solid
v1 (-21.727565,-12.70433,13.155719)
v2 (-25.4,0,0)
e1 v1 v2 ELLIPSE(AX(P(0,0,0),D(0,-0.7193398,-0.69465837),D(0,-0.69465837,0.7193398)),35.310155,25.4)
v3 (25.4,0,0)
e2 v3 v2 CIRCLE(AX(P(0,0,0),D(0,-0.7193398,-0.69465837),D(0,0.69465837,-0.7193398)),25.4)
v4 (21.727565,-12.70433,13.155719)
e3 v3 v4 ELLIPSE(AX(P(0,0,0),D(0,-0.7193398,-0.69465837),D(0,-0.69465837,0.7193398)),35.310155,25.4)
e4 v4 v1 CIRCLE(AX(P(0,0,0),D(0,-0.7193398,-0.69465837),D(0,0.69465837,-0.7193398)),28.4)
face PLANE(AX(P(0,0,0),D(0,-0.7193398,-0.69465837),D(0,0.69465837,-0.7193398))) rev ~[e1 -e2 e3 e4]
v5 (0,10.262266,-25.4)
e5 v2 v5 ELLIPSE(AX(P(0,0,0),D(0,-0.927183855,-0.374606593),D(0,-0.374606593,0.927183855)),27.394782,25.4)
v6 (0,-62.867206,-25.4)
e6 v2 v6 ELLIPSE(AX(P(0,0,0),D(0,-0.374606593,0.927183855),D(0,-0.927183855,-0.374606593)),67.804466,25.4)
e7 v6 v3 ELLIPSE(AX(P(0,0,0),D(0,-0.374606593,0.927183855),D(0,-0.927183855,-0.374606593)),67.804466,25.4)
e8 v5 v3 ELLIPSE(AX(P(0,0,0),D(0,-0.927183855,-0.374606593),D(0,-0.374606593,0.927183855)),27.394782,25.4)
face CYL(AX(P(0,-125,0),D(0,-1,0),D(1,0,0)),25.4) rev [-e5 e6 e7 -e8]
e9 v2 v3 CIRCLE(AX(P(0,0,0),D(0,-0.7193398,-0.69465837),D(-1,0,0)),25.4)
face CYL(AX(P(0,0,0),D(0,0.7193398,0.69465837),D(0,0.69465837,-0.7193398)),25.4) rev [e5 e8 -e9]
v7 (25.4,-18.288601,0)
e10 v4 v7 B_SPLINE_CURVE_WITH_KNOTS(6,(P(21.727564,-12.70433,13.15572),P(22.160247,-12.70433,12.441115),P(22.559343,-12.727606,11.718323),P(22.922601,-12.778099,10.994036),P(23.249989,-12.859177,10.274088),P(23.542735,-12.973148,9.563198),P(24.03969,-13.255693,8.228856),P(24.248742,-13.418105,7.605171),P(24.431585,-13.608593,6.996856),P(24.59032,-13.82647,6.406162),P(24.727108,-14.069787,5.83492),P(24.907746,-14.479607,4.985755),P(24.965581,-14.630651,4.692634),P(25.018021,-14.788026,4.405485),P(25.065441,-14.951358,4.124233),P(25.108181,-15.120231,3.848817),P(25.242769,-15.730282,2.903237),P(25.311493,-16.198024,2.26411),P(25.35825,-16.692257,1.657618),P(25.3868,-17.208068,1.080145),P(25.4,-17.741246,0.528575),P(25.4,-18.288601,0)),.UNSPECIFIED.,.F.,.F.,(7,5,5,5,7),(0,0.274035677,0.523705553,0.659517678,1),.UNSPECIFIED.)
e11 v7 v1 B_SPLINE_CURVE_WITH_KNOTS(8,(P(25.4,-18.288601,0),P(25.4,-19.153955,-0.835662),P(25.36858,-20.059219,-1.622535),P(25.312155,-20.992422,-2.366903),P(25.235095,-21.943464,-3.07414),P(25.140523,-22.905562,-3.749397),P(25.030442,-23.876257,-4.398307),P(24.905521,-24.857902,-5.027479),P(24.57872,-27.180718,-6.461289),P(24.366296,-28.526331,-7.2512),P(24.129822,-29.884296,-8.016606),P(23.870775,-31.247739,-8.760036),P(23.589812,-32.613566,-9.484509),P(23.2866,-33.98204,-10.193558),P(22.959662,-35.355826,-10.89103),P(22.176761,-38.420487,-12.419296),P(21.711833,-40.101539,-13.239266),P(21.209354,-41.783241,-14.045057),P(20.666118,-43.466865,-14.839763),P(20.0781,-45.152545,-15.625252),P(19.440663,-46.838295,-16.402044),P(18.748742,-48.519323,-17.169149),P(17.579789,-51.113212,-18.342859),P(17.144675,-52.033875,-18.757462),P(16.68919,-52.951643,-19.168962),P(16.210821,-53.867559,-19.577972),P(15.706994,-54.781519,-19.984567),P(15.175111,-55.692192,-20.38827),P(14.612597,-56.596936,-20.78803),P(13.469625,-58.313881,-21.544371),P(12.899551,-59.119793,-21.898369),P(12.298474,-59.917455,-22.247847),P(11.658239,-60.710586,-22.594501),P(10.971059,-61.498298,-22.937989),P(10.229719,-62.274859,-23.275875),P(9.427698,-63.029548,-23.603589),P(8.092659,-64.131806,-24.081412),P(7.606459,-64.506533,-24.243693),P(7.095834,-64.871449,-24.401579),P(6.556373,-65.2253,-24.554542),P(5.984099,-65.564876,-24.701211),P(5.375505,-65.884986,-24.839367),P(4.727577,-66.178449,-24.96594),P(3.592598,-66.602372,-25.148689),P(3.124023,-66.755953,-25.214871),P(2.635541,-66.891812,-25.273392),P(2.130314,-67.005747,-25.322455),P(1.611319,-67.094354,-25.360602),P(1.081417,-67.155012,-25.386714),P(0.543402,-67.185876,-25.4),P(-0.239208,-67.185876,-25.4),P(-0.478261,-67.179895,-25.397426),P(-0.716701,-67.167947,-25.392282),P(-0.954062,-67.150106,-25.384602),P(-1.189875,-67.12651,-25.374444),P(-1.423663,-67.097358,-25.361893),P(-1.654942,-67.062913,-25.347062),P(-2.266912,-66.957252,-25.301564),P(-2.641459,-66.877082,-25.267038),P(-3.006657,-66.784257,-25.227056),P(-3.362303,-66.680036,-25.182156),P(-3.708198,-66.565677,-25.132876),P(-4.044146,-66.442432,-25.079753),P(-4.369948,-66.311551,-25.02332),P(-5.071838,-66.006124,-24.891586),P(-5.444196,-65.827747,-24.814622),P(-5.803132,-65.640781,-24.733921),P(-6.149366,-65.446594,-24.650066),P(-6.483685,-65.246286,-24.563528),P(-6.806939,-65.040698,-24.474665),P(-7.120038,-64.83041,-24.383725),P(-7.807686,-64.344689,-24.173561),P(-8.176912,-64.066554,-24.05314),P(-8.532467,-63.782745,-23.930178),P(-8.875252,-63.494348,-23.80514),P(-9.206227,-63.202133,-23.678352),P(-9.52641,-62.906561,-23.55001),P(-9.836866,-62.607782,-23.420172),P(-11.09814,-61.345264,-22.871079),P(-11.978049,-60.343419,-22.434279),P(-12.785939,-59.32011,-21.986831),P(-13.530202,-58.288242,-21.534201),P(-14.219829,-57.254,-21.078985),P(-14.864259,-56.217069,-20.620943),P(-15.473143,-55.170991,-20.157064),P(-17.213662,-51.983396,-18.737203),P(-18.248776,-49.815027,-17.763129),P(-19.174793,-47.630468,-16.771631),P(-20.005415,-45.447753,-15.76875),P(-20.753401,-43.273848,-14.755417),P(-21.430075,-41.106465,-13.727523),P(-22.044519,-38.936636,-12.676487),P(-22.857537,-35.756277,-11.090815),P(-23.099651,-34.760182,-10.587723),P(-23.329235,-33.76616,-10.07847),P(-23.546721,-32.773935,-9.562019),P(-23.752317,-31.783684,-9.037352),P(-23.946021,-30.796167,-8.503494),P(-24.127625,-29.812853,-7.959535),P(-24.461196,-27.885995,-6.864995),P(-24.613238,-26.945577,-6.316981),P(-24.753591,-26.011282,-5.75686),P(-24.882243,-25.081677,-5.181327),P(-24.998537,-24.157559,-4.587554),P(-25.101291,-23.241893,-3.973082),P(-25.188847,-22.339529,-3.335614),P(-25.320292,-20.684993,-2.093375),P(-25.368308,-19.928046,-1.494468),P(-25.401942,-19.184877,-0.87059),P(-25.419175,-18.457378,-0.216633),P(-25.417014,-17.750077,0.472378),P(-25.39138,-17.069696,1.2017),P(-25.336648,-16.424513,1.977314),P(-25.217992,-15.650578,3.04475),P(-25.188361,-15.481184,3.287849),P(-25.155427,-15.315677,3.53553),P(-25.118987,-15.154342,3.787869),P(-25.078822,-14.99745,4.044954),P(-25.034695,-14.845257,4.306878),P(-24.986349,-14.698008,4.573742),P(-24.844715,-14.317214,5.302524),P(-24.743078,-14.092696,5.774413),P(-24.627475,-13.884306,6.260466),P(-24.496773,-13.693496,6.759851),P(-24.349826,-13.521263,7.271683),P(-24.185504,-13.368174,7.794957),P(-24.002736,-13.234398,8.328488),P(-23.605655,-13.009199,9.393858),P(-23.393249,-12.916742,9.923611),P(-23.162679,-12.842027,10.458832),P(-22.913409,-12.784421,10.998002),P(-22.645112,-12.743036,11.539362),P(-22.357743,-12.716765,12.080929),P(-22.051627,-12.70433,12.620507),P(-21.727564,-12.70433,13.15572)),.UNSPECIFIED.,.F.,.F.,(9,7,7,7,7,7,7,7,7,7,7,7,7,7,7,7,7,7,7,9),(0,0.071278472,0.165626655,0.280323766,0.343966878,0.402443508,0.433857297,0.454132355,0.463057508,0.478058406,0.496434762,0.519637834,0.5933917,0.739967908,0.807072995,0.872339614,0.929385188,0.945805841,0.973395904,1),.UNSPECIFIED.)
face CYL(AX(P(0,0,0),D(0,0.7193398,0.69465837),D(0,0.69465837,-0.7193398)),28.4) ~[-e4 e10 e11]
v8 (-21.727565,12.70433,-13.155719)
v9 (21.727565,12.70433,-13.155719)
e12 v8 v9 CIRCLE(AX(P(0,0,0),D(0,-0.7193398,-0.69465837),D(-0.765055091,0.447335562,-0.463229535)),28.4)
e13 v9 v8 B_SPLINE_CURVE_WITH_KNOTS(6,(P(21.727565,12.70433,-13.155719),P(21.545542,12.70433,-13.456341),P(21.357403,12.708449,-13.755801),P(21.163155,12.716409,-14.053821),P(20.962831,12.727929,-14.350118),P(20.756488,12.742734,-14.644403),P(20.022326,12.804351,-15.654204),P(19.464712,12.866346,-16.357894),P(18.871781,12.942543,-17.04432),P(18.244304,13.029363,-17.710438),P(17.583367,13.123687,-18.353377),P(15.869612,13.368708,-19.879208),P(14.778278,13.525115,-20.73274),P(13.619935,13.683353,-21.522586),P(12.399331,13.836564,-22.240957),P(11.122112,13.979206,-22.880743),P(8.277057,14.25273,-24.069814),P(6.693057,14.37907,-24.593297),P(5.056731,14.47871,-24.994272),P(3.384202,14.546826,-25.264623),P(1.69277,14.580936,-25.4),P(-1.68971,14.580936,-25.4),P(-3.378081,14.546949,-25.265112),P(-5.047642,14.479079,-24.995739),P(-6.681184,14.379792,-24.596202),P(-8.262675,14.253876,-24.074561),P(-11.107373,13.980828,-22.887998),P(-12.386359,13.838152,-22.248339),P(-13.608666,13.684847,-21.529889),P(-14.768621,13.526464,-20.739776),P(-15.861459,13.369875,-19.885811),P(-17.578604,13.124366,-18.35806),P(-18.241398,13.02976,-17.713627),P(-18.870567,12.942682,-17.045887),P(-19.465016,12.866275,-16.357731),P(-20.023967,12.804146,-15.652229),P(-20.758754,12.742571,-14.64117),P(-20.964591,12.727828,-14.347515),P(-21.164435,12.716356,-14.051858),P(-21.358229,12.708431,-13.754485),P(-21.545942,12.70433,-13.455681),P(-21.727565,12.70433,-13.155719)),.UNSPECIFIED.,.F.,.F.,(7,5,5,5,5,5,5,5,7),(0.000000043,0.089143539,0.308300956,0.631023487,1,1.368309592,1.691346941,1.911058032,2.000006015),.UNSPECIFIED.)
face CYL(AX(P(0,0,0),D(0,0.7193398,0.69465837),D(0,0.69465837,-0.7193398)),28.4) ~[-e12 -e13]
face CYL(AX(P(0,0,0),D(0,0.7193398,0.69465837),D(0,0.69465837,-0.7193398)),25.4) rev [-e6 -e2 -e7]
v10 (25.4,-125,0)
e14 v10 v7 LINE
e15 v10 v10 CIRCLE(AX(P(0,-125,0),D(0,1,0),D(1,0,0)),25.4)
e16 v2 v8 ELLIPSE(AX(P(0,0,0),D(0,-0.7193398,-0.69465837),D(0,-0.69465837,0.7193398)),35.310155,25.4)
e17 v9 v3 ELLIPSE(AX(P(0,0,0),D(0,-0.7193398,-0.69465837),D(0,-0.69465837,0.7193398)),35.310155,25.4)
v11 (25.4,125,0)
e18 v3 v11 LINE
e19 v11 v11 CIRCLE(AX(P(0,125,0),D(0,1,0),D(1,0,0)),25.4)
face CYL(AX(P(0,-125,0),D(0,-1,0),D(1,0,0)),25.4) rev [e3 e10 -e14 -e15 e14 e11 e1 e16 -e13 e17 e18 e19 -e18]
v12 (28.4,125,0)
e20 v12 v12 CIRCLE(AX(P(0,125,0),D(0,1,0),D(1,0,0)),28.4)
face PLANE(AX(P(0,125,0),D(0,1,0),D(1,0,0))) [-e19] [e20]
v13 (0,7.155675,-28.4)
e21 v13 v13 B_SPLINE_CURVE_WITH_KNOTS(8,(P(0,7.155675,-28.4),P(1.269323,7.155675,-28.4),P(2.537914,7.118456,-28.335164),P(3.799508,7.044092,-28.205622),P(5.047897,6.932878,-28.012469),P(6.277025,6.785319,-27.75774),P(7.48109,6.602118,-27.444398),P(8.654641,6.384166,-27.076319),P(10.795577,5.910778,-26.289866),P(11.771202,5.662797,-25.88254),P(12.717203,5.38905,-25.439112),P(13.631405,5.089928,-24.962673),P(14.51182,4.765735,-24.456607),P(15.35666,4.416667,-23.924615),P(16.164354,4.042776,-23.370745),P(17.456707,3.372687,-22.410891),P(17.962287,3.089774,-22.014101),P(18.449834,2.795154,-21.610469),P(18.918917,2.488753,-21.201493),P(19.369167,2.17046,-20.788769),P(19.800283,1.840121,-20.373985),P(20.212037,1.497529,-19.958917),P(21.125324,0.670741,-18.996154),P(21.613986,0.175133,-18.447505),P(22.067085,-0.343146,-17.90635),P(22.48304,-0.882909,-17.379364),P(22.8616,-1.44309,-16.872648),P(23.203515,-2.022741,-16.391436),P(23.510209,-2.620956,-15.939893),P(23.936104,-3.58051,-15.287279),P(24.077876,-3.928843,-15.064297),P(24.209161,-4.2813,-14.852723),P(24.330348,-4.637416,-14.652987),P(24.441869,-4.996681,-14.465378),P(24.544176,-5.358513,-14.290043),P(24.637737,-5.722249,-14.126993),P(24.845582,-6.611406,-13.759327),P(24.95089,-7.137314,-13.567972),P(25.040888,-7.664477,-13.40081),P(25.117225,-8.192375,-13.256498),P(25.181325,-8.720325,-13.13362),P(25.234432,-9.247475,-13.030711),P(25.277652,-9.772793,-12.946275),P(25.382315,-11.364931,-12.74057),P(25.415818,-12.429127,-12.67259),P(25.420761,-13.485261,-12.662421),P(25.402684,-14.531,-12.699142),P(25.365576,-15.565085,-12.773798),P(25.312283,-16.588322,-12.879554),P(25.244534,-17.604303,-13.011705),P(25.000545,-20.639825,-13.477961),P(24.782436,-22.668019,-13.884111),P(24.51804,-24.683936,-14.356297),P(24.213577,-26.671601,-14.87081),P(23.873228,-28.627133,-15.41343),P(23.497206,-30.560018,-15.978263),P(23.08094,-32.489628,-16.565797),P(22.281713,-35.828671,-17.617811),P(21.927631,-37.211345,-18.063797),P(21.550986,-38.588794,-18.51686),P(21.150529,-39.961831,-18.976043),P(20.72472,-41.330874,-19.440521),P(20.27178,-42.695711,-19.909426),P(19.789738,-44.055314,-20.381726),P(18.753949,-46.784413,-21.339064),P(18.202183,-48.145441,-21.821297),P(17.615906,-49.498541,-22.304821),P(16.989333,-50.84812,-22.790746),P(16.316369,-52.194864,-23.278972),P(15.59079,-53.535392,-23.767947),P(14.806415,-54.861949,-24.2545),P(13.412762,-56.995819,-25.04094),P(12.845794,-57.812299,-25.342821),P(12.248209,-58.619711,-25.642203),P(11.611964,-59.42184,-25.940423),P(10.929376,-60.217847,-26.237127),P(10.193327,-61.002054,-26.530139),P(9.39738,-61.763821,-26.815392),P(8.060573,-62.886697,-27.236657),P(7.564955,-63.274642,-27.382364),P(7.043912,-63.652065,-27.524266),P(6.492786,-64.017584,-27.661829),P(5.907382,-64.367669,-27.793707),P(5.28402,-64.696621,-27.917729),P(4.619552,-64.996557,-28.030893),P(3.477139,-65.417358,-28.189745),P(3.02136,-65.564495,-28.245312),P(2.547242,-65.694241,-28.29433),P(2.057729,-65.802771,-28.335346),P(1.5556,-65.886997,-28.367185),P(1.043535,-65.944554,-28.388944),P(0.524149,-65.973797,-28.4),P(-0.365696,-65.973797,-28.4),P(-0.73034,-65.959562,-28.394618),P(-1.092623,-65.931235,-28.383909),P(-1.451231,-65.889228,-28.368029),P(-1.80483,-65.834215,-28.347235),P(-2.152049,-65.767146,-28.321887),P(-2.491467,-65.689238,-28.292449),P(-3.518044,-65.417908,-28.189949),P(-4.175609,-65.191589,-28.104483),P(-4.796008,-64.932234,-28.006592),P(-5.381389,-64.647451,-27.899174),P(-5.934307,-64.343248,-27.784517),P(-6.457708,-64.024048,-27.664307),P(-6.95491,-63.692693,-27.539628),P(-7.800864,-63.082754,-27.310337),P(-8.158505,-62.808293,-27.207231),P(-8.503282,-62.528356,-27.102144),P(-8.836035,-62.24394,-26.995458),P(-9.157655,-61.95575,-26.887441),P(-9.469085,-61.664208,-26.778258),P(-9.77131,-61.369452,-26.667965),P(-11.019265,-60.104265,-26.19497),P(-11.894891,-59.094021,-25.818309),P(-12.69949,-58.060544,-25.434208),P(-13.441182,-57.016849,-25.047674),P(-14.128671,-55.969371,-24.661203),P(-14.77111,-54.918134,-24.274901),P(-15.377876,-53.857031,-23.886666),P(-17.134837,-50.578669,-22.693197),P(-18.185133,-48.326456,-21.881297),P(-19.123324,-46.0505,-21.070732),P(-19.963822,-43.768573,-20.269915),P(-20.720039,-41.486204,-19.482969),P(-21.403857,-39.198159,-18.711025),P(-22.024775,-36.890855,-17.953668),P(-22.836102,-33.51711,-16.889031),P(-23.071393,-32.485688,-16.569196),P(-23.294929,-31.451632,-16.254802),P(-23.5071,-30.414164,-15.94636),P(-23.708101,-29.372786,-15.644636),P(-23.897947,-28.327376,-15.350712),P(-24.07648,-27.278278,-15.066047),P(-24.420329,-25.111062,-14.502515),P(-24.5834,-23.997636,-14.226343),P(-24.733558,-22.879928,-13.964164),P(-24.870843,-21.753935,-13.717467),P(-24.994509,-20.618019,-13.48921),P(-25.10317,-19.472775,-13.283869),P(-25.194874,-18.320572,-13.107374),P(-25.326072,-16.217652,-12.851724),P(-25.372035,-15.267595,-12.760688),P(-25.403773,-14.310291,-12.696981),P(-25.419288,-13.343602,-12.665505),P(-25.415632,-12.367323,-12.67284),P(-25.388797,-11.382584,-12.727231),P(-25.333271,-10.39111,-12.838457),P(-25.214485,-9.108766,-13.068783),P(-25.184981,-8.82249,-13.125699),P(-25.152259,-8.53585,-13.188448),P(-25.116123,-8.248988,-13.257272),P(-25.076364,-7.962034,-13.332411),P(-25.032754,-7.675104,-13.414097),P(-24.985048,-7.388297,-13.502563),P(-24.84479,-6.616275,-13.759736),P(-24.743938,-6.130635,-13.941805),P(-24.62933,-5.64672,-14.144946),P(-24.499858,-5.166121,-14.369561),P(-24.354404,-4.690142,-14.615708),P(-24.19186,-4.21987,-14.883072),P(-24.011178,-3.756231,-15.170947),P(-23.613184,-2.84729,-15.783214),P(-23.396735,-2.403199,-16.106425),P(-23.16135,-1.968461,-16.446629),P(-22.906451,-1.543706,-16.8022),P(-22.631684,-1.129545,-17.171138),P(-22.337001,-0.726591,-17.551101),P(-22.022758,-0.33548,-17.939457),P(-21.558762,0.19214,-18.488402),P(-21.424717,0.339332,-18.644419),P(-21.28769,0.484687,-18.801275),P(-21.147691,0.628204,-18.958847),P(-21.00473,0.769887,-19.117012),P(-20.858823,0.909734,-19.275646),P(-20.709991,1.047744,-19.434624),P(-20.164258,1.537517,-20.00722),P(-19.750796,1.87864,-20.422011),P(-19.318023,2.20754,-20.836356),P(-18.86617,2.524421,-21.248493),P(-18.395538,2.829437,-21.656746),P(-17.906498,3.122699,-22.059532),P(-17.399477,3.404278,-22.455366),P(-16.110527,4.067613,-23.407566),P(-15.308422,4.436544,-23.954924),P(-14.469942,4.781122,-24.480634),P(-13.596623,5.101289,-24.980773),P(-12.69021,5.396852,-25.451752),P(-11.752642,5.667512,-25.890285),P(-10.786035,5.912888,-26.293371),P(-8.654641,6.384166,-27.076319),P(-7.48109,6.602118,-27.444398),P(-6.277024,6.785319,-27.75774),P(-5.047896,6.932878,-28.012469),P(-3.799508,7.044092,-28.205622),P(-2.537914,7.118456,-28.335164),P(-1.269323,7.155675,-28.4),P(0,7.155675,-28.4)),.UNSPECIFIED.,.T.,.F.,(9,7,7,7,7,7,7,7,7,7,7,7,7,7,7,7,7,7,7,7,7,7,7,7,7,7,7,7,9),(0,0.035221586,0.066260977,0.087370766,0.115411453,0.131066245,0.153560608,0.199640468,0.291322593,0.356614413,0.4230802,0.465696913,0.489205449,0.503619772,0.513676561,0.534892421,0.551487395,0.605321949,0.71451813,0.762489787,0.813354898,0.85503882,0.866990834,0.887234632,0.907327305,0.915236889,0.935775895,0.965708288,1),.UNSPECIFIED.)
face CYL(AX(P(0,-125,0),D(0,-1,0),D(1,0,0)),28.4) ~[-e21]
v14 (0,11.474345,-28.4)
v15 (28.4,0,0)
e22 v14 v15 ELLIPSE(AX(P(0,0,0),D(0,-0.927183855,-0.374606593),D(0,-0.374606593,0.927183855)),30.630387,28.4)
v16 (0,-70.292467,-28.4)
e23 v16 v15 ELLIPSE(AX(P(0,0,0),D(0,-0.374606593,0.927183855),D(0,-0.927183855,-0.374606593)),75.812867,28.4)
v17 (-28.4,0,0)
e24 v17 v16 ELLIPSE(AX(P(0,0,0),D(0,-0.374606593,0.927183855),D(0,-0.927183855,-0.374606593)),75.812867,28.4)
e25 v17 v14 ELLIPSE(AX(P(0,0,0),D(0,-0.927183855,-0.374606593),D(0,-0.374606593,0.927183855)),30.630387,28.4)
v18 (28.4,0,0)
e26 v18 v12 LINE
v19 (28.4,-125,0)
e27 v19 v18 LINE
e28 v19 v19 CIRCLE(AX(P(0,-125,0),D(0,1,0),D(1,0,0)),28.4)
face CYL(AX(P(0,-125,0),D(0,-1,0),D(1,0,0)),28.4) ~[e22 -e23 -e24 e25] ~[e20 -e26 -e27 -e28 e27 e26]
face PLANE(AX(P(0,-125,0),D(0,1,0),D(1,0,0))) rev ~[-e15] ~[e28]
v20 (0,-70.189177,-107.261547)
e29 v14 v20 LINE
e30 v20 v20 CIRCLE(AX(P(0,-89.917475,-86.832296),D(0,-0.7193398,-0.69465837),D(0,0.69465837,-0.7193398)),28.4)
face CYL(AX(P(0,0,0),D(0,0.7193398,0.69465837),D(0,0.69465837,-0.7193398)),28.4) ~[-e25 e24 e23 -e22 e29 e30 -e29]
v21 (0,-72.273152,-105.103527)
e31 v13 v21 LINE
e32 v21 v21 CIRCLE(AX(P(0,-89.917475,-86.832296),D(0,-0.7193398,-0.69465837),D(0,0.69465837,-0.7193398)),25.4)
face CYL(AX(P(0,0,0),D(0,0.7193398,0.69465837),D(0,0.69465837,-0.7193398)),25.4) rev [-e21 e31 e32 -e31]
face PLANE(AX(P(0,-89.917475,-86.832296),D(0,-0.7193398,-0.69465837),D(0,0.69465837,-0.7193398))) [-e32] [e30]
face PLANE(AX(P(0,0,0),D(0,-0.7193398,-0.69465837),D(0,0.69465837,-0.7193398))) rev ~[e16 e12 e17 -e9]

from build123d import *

# Parameters (mm, degrees)
SALIENTE_EXTRUIR1_DEPTH      = 125
SALIENTE_EXTRUIR1_DEPTH_BACK = 125
CROQUIS1_R                   = 28.4
CROQUIS1_R_2                 = 25.4
CROQUIS4_R                   = 28.4
CROQUIS4_R_2                 = 25.4
SALIENTE_EXTRUIR3_DEPTH      = 125


with BuildPart() as part:
    # Croquis1 → Saliente-Extruir1 (new, two sides: drawn at the far end of the back side and taken through both)
    with BuildSketch(Plane(origin=(0, 0, 0), x_dir=(1, 0, 0), z_dir=(0, 1, 0)).offset(-SALIENTE_EXTRUIR1_DEPTH_BACK)):
        Circle(CROQUIS1_R)
        Circle(CROQUIS1_R_2, mode=Mode.SUBTRACT)
    extrude(amount=SALIENTE_EXTRUIR1_DEPTH + SALIENTE_EXTRUIR1_DEPTH_BACK)

    # Croquis4 → Saliente-Extruir3 (add)
    with BuildSketch(Plane(origin=(0, 0, 0), x_dir=(0, 0.6946583704589961, -0.7193398003386523), z_dir=(0, -0.7193398003386523, -0.6946583704589961))):
        Circle(CROQUIS4_R)
        Circle(CROQUIS4_R_2, mode=Mode.SUBTRACT)
    extrude(amount=SALIENTE_EXTRUIR3_DEPTH)


solid = part.part
